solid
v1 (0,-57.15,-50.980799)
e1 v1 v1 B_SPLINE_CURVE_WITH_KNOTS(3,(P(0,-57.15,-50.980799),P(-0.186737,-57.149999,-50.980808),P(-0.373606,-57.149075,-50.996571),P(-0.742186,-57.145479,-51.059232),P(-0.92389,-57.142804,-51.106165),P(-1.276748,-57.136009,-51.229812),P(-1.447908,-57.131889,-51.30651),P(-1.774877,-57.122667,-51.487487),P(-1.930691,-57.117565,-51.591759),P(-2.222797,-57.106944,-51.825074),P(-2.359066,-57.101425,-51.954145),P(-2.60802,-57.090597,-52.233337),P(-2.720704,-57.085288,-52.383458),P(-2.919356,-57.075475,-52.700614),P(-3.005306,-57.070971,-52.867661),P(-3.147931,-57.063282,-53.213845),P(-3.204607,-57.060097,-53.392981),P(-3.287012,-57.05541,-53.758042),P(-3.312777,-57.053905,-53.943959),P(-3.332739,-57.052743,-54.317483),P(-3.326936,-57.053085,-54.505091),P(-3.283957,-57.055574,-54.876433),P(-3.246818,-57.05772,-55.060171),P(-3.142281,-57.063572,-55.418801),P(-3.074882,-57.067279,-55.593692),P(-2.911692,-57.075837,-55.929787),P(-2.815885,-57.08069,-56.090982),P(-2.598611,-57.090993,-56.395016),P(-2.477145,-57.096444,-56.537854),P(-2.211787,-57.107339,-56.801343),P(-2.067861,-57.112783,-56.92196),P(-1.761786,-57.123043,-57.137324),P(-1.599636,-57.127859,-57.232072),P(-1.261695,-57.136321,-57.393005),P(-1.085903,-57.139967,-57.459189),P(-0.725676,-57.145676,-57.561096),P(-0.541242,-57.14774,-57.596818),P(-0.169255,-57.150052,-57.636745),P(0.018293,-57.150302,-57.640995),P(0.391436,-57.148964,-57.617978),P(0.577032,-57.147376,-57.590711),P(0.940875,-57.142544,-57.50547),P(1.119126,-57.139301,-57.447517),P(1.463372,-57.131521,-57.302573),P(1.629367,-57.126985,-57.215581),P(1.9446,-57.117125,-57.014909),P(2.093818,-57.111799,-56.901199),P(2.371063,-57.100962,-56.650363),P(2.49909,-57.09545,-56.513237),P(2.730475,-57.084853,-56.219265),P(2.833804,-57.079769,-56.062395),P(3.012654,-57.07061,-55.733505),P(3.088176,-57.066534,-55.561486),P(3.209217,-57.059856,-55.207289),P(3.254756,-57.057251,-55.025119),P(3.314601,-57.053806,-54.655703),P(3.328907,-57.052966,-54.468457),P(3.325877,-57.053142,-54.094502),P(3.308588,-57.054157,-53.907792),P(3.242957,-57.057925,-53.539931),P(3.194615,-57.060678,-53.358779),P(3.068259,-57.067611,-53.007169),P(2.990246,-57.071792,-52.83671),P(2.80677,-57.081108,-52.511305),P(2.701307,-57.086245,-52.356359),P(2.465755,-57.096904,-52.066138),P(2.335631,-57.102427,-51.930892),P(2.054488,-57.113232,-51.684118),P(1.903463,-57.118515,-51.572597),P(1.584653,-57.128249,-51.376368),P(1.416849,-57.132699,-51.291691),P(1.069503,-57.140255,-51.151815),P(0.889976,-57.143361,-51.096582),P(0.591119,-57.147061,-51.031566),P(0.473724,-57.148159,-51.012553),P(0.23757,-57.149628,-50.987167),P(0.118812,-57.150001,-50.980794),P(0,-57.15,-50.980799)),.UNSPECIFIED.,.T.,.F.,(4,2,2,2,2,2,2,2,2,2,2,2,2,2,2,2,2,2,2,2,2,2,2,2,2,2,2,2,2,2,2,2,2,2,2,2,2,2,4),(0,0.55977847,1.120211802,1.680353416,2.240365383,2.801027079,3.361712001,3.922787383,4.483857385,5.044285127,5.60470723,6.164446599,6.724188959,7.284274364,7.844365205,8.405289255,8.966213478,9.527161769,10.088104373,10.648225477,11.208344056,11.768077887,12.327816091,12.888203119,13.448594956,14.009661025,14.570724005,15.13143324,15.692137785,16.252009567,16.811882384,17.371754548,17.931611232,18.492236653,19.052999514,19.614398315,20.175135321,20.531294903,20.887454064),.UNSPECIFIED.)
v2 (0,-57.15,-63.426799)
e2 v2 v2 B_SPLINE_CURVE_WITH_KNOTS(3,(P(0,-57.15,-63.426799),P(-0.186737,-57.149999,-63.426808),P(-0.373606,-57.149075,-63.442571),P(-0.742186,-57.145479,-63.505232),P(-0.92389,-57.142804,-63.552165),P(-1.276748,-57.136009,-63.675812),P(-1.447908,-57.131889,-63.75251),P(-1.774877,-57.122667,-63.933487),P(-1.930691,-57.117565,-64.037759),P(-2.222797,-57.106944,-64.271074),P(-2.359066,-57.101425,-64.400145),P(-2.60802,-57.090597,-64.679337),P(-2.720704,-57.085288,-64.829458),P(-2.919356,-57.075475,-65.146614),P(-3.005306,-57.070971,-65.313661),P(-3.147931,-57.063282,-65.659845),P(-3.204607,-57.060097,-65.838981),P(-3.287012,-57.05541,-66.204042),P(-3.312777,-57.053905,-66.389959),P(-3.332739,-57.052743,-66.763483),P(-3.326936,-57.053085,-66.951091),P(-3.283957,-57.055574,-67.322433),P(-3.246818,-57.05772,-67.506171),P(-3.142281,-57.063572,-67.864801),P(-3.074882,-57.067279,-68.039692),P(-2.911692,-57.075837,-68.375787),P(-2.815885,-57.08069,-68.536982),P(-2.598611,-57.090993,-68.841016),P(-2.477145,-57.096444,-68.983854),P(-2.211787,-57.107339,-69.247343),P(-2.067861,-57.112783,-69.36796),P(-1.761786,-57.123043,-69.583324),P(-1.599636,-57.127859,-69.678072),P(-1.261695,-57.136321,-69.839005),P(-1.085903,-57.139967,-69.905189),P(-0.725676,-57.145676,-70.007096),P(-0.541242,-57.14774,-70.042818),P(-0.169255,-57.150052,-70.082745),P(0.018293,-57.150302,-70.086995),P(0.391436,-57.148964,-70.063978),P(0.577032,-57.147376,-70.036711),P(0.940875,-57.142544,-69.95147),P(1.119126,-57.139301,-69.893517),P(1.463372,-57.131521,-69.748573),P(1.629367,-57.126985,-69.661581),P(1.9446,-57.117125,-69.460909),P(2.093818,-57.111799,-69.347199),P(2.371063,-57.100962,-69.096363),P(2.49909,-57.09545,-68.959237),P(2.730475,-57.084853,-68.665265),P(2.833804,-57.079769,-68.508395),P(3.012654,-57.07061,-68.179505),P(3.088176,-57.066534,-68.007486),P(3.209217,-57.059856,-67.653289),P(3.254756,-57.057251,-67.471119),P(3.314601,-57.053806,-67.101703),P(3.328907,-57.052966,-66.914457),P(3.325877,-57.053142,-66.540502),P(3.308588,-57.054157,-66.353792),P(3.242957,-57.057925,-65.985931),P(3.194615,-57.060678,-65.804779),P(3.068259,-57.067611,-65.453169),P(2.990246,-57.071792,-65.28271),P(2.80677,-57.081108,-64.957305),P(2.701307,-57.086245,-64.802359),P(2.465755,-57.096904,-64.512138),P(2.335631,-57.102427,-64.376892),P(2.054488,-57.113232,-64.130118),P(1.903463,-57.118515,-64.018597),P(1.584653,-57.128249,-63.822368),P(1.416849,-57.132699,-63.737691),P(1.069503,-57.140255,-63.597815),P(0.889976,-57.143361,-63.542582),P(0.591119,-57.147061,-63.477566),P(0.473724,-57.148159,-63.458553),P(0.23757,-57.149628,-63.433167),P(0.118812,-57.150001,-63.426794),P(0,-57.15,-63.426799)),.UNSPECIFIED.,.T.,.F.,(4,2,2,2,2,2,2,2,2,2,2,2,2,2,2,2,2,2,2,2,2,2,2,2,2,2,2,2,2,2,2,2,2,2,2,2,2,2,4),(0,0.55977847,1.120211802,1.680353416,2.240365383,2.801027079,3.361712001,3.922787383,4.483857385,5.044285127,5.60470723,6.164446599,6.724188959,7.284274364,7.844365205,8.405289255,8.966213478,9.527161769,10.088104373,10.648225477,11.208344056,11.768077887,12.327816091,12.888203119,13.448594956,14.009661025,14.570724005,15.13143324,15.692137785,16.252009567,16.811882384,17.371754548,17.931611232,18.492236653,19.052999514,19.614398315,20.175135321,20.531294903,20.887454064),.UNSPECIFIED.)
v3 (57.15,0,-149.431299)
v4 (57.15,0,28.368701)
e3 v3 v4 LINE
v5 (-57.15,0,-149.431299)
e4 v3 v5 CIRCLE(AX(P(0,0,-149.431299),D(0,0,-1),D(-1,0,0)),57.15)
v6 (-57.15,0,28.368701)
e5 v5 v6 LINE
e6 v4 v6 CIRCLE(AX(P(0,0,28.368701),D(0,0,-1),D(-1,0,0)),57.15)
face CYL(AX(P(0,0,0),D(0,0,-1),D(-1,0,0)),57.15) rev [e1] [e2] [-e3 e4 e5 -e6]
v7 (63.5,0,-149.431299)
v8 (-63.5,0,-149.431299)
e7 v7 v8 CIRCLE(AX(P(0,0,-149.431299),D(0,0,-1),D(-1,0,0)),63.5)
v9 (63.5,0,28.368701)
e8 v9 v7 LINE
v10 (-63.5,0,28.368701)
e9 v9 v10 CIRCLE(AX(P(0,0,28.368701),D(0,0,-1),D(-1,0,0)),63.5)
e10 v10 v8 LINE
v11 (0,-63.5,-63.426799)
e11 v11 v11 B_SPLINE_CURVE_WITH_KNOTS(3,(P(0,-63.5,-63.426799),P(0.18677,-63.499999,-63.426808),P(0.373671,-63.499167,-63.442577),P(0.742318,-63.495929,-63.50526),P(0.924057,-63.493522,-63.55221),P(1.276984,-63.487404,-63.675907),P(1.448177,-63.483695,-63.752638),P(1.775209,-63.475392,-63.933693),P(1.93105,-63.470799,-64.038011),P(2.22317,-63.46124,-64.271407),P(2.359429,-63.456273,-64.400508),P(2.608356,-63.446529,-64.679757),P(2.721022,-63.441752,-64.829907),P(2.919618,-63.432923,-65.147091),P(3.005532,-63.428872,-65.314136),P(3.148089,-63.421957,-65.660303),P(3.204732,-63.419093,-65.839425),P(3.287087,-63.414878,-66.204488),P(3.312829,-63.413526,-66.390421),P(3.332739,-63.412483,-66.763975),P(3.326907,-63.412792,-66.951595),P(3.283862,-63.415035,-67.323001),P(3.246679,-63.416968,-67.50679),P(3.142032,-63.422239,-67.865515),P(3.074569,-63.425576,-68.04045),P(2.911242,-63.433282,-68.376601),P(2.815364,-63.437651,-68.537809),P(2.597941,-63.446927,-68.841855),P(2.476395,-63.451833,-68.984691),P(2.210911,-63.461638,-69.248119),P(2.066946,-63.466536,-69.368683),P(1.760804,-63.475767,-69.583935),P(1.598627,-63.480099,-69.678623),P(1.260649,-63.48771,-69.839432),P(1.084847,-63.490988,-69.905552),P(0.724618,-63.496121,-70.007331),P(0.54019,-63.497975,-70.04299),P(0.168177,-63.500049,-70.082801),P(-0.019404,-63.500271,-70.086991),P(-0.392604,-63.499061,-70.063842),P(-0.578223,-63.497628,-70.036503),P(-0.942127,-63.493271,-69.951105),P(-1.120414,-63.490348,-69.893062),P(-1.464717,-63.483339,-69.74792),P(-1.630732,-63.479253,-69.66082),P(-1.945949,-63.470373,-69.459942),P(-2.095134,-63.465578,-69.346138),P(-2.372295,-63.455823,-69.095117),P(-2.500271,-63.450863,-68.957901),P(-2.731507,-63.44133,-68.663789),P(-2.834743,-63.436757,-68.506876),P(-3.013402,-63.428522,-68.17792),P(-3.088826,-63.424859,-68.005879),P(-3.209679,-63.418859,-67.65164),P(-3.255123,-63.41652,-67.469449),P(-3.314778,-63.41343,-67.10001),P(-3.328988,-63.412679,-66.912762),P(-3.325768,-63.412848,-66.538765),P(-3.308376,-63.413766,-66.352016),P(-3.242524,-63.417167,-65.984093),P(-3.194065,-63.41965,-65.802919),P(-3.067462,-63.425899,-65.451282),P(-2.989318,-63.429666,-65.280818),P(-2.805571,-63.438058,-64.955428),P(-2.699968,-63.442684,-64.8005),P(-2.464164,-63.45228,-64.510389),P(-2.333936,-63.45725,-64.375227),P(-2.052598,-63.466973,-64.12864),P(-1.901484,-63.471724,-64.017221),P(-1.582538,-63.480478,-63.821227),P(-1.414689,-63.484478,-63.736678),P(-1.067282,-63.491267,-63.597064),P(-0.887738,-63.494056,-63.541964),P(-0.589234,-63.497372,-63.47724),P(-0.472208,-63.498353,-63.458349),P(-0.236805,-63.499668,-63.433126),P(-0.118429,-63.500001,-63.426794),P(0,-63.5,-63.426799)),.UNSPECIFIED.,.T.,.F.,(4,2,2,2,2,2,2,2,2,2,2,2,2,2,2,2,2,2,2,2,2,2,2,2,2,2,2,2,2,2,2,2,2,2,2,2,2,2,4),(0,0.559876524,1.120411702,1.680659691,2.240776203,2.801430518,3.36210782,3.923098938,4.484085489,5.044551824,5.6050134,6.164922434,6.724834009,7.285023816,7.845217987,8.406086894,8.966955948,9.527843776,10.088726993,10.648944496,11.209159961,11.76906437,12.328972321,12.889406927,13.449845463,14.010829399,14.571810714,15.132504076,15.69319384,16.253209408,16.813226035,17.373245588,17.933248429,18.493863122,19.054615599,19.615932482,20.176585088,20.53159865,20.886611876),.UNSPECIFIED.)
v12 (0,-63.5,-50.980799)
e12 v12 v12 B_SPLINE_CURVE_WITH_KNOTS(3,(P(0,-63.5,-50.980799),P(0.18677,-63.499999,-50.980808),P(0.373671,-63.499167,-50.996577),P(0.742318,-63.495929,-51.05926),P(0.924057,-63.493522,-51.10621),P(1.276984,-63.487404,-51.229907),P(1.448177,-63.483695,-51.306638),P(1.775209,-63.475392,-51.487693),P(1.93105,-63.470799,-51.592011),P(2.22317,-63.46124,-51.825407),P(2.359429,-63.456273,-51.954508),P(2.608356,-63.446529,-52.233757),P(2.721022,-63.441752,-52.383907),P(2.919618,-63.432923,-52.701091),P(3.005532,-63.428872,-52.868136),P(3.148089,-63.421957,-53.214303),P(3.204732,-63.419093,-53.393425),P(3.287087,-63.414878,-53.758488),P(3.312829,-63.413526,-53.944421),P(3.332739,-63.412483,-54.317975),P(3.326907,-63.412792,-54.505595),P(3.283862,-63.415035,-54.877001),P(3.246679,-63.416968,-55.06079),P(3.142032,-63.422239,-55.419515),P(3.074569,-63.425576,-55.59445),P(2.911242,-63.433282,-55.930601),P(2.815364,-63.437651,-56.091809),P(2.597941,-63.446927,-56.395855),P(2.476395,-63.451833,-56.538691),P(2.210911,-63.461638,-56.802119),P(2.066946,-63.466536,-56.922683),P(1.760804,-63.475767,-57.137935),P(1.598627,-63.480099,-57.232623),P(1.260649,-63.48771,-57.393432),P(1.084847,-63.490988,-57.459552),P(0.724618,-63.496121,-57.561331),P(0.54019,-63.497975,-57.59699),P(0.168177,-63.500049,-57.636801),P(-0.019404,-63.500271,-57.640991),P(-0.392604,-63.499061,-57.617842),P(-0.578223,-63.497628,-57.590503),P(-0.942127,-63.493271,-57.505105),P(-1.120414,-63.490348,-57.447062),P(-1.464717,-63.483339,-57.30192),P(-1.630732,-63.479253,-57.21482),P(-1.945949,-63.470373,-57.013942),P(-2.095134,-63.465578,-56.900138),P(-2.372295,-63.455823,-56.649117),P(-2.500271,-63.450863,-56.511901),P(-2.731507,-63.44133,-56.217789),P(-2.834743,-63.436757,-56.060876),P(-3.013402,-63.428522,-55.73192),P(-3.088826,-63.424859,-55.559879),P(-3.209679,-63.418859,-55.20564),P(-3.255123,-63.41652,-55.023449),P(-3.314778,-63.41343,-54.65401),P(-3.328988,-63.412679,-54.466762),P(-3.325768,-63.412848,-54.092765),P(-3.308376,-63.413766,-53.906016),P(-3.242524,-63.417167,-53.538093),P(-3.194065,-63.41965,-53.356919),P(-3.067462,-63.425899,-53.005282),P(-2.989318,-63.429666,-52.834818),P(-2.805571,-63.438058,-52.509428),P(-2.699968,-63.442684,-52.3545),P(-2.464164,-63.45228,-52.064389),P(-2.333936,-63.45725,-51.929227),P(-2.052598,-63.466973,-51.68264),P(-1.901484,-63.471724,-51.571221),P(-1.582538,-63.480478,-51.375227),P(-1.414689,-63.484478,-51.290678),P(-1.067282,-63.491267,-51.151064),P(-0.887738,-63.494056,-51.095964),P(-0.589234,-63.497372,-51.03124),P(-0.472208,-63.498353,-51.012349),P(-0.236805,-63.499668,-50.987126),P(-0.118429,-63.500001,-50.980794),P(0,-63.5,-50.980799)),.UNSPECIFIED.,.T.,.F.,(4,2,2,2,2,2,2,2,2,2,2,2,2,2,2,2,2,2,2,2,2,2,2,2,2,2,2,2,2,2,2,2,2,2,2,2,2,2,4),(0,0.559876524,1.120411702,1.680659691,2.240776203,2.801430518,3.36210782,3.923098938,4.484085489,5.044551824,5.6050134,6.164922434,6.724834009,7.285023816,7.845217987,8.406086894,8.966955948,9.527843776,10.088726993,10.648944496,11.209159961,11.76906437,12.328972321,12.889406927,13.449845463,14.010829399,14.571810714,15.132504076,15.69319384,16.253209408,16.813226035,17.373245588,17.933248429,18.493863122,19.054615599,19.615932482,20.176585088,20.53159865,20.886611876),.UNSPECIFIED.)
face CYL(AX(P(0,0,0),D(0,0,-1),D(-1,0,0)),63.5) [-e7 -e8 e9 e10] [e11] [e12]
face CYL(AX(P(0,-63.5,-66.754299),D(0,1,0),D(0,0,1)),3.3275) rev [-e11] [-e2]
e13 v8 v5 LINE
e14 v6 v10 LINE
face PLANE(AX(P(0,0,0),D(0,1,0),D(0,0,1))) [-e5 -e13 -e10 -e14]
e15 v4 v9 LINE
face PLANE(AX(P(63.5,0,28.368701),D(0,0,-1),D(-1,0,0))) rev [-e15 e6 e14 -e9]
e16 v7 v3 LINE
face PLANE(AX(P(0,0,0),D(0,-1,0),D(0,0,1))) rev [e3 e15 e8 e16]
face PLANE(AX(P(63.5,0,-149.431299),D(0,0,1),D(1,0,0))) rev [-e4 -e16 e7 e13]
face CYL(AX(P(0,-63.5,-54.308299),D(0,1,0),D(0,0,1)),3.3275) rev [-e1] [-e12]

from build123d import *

# Parameters (mm, degrees)
SKETCH2_W          = 177.8
SKETCH2_H          = 6.35
REVOLVE1_ANGLE     = 180
SKETCH3_R          = 3.327499949
CUT_EXTRUDE1_DEPTH = 175.339362144


with BuildPart() as part:
    # Sketch2 → Revolve1 (revolve)
    with BuildSketch(Plane(origin=(0, 0, 0), x_dir=(0, 0, -1), z_dir=(0, -1, 0))):
        with Locations((60.53129924, -60.325)):
            Rectangle(SKETCH2_W, SKETCH2_H)
    revolve(axis=Axis((0, 0, 0), (0, 0, 1)), revolution_arc=REVOLVE1_ANGLE)

    # Sketch3 → Cut-Extrude1 (cut, through all)
    with BuildSketch(Plane(origin=(0, 0, 0), x_dir=(1, 0, 0), z_dir=(0, 1, 0))):
        with Locations(Location((0, 66.75429924, 0), (0, 0, 270))):
            Circle(SKETCH3_R)
        with Locations(Location((0, 54.30829924, 0), (0, 0, 270))):
            Circle(SKETCH3_R)
    extrude(amount=-CUT_EXTRUDE1_DEPTH, mode=Mode.SUBTRACT)


solid = part.part
